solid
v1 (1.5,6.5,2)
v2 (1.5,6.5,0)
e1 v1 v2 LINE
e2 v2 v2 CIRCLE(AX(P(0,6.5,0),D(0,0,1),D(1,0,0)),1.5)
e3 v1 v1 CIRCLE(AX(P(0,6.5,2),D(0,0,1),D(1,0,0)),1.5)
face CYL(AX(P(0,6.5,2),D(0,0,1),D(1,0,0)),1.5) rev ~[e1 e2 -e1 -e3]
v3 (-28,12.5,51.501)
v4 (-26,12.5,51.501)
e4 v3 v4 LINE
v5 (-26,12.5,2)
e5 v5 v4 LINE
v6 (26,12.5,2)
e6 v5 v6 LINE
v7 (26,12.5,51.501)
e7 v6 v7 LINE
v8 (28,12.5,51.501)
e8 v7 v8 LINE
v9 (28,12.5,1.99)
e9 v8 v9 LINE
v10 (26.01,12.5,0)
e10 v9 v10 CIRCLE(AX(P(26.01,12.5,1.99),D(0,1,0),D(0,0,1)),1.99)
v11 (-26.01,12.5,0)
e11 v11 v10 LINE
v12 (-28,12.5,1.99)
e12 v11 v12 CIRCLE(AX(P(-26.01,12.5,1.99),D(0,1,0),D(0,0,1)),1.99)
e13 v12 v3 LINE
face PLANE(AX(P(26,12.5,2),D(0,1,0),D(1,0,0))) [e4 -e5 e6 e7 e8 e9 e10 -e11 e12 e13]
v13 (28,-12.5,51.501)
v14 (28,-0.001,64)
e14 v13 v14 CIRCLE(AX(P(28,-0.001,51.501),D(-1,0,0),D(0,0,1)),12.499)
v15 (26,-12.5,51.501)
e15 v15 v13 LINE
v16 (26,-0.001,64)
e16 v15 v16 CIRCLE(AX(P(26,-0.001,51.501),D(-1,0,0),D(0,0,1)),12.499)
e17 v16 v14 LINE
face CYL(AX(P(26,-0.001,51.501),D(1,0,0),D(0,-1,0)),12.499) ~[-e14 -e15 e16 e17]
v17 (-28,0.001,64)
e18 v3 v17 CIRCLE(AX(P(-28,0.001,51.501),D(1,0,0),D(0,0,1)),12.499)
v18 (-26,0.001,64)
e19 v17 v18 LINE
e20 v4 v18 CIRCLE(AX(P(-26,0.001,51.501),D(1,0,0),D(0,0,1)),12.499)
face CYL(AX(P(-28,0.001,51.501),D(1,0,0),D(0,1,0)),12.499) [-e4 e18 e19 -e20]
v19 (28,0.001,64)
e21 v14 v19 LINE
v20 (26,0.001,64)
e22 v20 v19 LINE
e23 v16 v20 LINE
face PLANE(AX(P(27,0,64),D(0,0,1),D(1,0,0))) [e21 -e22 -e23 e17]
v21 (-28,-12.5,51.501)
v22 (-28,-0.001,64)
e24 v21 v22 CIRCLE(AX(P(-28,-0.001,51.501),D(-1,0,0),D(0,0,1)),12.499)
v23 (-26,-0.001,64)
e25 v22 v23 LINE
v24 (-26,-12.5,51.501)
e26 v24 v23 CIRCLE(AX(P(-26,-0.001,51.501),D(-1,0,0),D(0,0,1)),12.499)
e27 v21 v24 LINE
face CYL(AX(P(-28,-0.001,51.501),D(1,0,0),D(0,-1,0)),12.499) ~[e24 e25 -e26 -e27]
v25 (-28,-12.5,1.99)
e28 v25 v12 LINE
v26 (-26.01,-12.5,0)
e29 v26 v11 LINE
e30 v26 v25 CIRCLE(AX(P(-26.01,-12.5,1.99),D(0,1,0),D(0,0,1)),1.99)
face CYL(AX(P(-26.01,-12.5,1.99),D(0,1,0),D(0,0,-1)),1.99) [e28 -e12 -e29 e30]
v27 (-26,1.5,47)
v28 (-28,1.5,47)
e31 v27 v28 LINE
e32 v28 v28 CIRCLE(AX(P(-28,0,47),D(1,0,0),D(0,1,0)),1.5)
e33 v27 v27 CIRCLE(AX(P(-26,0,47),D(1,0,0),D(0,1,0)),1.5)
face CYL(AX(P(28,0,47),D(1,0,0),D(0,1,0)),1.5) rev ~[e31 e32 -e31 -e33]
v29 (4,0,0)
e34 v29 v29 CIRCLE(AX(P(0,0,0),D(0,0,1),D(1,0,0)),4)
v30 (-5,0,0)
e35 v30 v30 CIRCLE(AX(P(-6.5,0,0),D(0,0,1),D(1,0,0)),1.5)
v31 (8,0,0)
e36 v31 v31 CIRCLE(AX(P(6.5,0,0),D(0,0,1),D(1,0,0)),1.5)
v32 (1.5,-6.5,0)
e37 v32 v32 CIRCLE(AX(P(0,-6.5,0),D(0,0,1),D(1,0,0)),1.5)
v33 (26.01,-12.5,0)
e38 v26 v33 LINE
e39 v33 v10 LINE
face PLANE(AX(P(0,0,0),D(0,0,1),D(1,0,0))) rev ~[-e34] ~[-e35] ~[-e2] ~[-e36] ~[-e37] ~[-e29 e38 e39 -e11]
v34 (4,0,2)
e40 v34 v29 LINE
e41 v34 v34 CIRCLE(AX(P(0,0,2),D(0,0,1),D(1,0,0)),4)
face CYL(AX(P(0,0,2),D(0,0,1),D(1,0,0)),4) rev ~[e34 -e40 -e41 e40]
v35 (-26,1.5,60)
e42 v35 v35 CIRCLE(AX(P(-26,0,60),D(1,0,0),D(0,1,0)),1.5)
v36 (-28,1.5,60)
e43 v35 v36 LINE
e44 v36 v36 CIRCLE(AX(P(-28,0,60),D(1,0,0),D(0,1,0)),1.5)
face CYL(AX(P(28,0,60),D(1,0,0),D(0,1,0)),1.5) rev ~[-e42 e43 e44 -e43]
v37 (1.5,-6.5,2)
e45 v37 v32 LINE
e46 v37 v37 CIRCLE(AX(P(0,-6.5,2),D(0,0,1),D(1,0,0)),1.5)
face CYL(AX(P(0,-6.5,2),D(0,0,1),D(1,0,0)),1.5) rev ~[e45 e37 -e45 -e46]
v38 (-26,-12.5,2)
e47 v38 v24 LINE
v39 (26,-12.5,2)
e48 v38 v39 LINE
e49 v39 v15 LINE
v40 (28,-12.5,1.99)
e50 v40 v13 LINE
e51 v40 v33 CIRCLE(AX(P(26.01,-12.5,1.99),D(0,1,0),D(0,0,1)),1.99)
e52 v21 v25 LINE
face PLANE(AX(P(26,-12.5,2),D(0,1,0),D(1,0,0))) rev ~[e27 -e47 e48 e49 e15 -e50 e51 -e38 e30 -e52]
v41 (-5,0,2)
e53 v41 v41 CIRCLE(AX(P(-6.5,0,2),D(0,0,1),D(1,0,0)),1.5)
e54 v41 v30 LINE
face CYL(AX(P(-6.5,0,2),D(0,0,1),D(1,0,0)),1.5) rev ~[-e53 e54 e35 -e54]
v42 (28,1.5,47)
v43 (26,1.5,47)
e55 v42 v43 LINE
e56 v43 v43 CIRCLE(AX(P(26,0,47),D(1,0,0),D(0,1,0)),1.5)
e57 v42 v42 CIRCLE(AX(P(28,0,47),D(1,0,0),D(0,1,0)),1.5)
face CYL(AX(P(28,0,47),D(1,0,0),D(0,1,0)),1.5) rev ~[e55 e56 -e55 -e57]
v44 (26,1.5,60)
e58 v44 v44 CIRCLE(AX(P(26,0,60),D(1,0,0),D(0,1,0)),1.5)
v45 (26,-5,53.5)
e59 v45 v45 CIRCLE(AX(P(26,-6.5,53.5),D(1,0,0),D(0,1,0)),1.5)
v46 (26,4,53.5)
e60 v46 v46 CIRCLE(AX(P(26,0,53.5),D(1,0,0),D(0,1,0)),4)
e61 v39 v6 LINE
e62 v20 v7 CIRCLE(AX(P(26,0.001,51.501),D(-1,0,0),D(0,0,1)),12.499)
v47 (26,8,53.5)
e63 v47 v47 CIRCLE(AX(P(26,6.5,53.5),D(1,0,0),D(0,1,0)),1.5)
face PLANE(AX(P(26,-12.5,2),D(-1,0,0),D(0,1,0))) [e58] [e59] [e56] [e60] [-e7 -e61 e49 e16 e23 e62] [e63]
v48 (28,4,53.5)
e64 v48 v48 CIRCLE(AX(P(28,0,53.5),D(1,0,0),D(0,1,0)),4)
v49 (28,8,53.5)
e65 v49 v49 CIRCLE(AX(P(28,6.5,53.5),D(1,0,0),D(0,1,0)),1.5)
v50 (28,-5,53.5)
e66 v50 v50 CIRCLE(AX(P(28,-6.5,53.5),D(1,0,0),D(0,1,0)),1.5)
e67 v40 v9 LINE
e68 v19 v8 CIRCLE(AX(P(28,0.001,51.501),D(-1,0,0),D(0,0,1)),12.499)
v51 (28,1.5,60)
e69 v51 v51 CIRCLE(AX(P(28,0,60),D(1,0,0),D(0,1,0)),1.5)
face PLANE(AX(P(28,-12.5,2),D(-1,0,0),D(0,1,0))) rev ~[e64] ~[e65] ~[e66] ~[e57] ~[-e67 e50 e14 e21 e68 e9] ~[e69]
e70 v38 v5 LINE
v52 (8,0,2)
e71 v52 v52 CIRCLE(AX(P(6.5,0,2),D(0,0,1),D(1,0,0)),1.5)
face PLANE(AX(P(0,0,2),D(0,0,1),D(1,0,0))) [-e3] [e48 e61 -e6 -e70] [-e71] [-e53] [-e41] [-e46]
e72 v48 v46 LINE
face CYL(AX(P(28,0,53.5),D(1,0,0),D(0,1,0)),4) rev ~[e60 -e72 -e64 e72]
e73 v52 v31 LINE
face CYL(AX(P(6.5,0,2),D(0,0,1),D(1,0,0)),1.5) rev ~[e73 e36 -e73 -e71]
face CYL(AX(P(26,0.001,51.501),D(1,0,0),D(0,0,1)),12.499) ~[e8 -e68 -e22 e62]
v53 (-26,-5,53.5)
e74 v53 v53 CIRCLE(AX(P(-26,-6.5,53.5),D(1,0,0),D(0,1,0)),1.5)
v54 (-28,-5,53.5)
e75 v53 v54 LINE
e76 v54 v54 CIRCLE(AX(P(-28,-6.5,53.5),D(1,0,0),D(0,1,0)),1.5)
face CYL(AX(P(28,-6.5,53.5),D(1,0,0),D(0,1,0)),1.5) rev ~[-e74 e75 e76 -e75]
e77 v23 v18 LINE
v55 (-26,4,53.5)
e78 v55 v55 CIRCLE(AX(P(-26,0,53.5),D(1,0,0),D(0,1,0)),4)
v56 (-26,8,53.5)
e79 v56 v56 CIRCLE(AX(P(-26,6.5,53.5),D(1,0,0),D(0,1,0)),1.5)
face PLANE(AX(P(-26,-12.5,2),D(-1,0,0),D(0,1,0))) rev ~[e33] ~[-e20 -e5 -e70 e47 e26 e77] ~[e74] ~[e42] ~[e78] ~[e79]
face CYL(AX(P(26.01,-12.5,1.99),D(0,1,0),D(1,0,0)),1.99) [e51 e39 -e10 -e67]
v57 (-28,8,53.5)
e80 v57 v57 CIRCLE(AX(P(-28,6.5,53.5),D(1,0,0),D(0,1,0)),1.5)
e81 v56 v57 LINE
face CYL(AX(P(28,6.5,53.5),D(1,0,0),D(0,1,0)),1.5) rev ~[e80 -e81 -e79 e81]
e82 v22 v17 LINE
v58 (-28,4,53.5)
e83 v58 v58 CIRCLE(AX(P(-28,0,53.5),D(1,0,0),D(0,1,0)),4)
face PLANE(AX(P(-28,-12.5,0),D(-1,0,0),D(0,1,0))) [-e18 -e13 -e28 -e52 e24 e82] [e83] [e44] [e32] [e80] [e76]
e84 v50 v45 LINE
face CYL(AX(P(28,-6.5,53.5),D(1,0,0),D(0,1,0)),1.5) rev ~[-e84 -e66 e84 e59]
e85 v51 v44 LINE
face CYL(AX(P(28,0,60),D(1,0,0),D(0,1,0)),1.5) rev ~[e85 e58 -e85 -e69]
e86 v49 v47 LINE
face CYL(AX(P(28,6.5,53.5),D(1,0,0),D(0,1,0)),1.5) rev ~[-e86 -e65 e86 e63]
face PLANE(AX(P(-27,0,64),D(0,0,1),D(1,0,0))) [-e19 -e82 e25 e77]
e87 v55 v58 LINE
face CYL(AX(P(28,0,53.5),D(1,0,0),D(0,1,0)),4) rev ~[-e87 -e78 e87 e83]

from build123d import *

# Parameters (mm, degrees)
SKETCH_W        = 56
SKETCH_H        = 25
PAD_DEPTH       = 2
SKETCH001_W     = 2
SKETCH001_H     = 25
PAD001_DEPTH    = 62
SKETCH002_R     = 4
SKETCH002_R_2   = 1.5
POCKET_DEPTH    = 56.001
FILLET_R        = 12.499
FILLET001_R     = 1.99
SKETCH003_R     = 4
SKETCH003_R_2   = 1.5
POCKET001_DEPTH = 5


with BuildPart() as part:
    # Sketch → Pad (new body)
    with BuildSketch(Plane.XY):
        Rectangle(SKETCH_W, SKETCH_H)
    extrude(amount=PAD_DEPTH)

    # Sketch001 (on Face6 of Pad) → Pad001 (join)
    with BuildSketch(Plane.XY.offset(2)):
        with Locations((27, 0)):
            Rectangle(SKETCH001_W, SKETCH001_H)
        with Locations((-27, 0)):
            Rectangle(SKETCH001_W, SKETCH001_H)
    extrude(amount=PAD001_DEPTH)

    # Sketch002 (on Face10 of Pad001) → Pocket (cut, through all)
    with BuildSketch(Plane.YZ.offset(28)):
        with Locations((0, 53.5)):
            Circle(SKETCH002_R)
        with Locations((0, 47)):
            Circle(SKETCH002_R_2)
        with Locations((6.5, 53.5)):
            Circle(SKETCH002_R_2)
        with Locations((-6.5, 53.5)):
            Circle(SKETCH002_R_2)
        with Locations((0, 60)):
            Circle(SKETCH002_R_2)
    extrude(amount=-POCKET_DEPTH, mode=Mode.SUBTRACT)

    # Fillet
    fillet_edges = [part.edges().sort_by_distance(p)[0] for p in [
        (-27, -12.5, 64),
        (-27, 12.5, 64),
        (27, -12.5, 64),
        (27, 12.5, 64),
    ]]
    fillet(fillet_edges, radius=FILLET_R)

    # Fillet001
    fillet001_edges = [part.edges().sort_by_distance(p)[0] for p in [
        (28, 0, 0),
        (-28, 0, 0),
    ]]
    fillet(fillet001_edges, radius=FILLET001_R)

    # Sketch003 (on Face6 of Fillet001) → Pocket001 (cut)
    with BuildSketch(Plane.XY.offset(2)):
        Circle(SKETCH003_R)
        with Locations((6.5, 0)):
            Circle(SKETCH003_R_2)
        with Locations((-6.5, 0)):
            Circle(SKETCH003_R_2)
        with Locations((0, -6.5)):
            Circle(SKETCH003_R_2)
        with Locations((0, 6.5)):
            Circle(SKETCH003_R_2)
    extrude(amount=-POCKET001_DEPTH, mode=Mode.SUBTRACT)


solid = part.part
